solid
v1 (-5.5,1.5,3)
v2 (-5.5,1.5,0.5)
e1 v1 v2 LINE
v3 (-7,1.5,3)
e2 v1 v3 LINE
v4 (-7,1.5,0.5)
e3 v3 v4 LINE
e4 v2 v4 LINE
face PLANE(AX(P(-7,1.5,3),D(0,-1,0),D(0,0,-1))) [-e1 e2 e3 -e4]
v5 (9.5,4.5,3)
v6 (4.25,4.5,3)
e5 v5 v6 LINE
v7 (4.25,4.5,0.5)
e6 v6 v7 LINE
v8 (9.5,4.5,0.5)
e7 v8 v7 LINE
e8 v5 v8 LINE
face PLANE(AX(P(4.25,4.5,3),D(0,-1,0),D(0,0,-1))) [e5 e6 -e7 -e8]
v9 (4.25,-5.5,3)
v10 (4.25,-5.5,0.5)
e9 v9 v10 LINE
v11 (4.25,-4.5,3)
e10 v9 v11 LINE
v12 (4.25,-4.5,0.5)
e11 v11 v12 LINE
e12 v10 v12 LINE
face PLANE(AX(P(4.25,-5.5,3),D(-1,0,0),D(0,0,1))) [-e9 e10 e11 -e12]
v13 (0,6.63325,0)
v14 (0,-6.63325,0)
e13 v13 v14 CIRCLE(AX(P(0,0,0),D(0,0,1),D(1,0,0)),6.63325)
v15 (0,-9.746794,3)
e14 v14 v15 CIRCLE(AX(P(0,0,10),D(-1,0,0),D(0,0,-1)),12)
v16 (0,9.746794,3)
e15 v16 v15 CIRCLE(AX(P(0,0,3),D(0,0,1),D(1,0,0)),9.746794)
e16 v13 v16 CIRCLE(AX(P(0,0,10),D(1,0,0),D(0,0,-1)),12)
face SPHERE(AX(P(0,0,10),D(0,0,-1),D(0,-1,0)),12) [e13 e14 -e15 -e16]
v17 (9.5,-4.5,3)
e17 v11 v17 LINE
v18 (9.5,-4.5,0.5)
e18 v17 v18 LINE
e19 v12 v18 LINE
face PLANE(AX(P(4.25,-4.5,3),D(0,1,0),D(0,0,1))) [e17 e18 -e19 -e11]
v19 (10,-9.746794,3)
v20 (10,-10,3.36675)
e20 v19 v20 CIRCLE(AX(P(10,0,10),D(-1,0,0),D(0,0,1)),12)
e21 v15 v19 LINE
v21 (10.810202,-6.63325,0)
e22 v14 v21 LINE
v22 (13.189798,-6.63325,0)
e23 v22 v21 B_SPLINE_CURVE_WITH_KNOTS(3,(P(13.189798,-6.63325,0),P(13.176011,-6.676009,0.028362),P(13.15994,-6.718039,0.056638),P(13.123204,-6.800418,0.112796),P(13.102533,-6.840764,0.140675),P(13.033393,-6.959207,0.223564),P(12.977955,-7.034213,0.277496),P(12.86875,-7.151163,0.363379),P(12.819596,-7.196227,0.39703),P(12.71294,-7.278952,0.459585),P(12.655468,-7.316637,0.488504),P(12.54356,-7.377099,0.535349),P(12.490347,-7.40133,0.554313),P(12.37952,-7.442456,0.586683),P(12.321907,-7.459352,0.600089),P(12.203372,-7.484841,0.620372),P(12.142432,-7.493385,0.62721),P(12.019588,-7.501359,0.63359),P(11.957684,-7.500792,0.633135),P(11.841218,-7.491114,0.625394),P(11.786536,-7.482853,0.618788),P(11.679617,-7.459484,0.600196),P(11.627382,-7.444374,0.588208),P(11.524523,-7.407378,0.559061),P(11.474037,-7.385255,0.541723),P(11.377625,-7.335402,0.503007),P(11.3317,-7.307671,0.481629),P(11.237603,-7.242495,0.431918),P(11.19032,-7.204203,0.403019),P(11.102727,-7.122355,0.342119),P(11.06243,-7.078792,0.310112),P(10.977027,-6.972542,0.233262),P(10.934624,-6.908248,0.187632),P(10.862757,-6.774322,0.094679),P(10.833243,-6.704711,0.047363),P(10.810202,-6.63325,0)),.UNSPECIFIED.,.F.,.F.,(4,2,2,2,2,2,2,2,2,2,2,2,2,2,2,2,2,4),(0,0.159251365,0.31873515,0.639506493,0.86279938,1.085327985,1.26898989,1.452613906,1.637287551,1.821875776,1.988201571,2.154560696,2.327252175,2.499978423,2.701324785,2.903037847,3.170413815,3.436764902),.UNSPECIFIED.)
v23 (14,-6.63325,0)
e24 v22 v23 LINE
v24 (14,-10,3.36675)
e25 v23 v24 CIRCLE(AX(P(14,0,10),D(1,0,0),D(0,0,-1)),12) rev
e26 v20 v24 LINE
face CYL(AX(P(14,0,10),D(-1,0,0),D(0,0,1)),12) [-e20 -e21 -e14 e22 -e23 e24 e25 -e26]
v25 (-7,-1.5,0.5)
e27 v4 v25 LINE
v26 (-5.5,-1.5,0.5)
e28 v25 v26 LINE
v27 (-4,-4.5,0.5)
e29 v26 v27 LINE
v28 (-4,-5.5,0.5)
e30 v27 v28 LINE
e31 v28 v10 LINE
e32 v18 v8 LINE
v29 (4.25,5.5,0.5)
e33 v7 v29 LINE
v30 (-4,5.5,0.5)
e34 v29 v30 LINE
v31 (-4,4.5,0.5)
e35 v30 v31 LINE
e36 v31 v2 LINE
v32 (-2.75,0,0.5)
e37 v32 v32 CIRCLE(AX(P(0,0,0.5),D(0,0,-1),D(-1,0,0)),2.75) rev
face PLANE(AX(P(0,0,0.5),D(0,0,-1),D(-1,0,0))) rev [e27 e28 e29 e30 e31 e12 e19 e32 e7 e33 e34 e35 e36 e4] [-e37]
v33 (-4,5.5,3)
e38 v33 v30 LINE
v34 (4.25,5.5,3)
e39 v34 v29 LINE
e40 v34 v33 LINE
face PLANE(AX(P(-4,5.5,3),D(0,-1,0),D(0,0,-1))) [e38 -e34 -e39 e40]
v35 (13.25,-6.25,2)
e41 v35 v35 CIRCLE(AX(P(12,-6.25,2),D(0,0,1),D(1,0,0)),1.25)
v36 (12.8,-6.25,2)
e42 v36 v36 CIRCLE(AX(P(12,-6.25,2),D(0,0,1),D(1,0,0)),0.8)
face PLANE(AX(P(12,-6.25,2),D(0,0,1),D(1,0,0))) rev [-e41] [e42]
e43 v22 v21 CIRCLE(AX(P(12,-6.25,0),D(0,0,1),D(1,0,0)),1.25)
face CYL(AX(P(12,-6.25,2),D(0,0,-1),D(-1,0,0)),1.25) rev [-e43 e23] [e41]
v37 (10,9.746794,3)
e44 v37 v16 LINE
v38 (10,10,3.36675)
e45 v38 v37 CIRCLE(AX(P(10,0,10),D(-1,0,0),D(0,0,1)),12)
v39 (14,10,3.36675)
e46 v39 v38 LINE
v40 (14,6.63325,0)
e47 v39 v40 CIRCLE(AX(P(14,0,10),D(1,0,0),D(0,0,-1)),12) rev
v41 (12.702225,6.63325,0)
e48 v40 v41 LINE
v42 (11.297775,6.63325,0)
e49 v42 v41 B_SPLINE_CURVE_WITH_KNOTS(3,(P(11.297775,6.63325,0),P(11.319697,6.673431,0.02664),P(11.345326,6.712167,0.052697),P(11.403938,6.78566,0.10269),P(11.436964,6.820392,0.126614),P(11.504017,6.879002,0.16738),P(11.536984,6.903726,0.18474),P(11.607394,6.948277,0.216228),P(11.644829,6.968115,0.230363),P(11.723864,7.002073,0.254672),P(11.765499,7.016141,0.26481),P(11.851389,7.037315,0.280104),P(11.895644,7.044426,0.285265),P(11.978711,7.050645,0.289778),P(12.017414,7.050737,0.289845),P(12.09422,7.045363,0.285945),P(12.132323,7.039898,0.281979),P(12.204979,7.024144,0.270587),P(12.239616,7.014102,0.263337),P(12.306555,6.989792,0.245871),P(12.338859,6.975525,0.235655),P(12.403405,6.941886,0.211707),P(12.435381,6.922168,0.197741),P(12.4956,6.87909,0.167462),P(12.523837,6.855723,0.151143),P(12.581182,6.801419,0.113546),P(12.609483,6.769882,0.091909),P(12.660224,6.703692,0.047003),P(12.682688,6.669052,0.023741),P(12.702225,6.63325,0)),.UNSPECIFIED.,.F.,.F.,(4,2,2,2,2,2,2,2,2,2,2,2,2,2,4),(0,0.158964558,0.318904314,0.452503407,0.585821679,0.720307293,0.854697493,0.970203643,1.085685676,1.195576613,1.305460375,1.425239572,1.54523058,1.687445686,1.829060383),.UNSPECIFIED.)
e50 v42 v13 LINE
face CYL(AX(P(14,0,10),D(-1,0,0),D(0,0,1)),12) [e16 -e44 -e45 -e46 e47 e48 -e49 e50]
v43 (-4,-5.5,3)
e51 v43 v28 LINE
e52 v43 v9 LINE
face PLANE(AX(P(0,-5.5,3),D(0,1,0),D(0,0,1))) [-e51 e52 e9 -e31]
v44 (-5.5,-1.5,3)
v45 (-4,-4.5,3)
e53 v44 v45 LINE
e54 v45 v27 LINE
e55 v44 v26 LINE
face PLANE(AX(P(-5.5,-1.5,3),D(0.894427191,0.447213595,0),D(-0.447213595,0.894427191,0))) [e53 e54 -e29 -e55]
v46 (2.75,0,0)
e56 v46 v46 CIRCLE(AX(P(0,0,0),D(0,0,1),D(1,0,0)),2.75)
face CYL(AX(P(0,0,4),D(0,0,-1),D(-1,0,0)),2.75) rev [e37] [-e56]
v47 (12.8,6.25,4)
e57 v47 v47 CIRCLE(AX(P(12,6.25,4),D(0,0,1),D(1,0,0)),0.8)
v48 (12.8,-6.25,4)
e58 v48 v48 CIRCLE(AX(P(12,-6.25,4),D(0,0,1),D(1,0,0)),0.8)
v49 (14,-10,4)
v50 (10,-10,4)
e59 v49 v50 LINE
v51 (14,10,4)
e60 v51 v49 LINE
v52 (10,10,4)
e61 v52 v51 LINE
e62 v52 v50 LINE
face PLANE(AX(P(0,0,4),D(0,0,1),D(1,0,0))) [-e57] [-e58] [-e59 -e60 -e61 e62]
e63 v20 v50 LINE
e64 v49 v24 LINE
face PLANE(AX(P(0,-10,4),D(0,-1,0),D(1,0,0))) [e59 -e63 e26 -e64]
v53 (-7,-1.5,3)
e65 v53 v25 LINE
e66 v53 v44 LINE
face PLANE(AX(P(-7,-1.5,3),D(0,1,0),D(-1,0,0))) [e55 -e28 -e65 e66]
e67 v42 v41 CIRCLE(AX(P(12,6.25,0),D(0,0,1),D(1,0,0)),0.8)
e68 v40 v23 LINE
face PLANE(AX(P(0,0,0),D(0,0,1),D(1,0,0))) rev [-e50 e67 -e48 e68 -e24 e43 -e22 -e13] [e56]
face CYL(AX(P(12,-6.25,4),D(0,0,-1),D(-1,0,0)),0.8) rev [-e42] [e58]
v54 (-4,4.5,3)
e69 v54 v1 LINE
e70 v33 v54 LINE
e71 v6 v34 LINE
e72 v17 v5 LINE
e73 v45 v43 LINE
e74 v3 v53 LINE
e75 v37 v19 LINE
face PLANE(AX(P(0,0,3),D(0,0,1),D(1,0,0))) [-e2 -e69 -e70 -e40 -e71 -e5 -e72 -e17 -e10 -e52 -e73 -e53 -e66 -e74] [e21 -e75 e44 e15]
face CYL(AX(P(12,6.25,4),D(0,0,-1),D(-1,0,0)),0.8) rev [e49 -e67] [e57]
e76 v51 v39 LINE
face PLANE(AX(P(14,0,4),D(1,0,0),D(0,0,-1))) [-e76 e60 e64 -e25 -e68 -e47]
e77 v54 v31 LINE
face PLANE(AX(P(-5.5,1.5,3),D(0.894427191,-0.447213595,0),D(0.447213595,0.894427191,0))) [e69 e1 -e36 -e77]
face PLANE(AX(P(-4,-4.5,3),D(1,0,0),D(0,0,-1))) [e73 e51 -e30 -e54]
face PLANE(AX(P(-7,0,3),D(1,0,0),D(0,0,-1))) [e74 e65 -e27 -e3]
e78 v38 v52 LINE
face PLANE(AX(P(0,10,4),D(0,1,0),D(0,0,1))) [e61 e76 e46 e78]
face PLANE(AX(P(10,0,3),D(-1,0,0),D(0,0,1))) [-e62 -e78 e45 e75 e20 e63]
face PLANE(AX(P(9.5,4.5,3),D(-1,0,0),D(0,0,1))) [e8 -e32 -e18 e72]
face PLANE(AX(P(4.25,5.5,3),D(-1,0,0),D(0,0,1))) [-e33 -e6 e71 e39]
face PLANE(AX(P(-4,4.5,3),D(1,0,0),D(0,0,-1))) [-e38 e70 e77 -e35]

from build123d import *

# Parameters (mm, degrees)
SKETCH1_R           = 10
BOSS_EXTRUDE1_DEPTH = 4
BODY_START          = 5
SKETCH2_R           = 10
BODY_HOLE_DEPTH     = 2
SKETCH5_R           = 0.8
SCREW_HOLES_DEPTH   = 5
SKETCH6_R           = 1.25
SCREW_HEADS_DEPTH   = 2
POT_START           = 0.5
POT_INSERT_DEPTH    = 2.5
SKETCH4_R           = 2.75
POT_HOLE_DEPTH      = 5
CUT_REVOLVE6_ANGLE  = 180
CUT_EXTRUDE1_DEPTH  = 14.999999999


with BuildPart() as part:
    # Sketch1 → Boss-Extrude1 (new body)
    with BuildSketch(Plane.XY):
        Circle(SKETCH1_R)
        with BuildLine():
            Line((13.999999999, 10), (-1e-09, 10))
            ThreePointArc((-1e-09, 10), (7.071067811, 7.071067812), (9.999999999, 0))
            ThreePointArc((9.999999999, 0), (7.071067811, -7.071067812), (-1e-09, -10))
            Line((-1e-09, -10), (13.999999999, -10))
            Line((13.999999999, -10), (13.999999999, 10))
        make_face()
    extrude(amount=BOSS_EXTRUDE1_DEPTH)

    # Sketch2 → Body Hole (cut)
    with BuildSketch(Plane.XY.offset(BODY_START)):
        Circle(SKETCH2_R)
        with BuildLine():
            Line((9.999999999, 10), (-1e-09, 10))
            ThreePointArc((-1e-09, 10), (7.071067811, 7.071067812), (9.999999999, 0))
            Line((9.999999999, 0), (9.999999999, 10))
        make_face()
        with BuildLine():
            Line((9.999999999, -10), (9.999999999, 0))
            ThreePointArc((9.999999999, 0), (7.071067811, -7.071067812), (-1e-09, -10))
            Line((-1e-09, -10), (9.999999999, -10))
        make_face()
    extrude(amount=-BODY_HOLE_DEPTH, mode=Mode.SUBTRACT)

    # Sketch5 → Screw Holes (cut, through all)
    with BuildSketch(Plane.XY):
        with Locations((11.999999999, 6.25)):
            Circle(SKETCH5_R)
        with Locations((11.999999999, -6.25)):
            Circle(SKETCH5_R)
    extrude(amount=SCREW_HOLES_DEPTH, mode=Mode.SUBTRACT)

    # Sketch6 → Screw Heads (cut)
    with BuildSketch(Plane.XY):
        with Locations((11.999999999, -6.25)):
            Circle(SKETCH6_R)
    extrude(amount=SCREW_HEADS_DEPTH, mode=Mode.SUBTRACT)

    # Sketch3 → Pot Insert (cut)
    with BuildSketch(Plane(origin=(28.28760271, 0, 0), x_dir=(1, 0, 0), z_dir=(0, 0, 1)).offset(POT_START)):
        Polygon((-35.287602709, 0), (-35.287602709, -1.5), (-33.787602709, -1.5), (-32.287602709, -4.5), (-32.287602709, -5.5), (-28.287602709, -5.5), (-24.037602709, -5.5), (-24.037602709, -4.5), (-18.787602709, -4.5), (-18.787602709, 0), (-18.787602709, 4.5), (-24.037602709, 4.5), (-24.037602709, 5.5), (-28.287602709, 5.5), (-32.287602709, 5.5), (-32.287602709, 4.5), (-33.787602709, 1.5), (-35.287602709, 1.5), align=None)
    extrude(amount=POT_INSERT_DEPTH, mode=Mode.SUBTRACT)

    # Sketch4 → Pot Hole (cut, through all)
    with BuildSketch(Plane.XY):
        Circle(SKETCH4_R)
    extrude(amount=POT_HOLE_DEPTH, mode=Mode.SUBTRACT)

    # Sketch11 → Cut-Revolve6 (revolve, cut)
    with BuildSketch(Plane(origin=(0, 0, 0), x_dir=(0, 0, -1), z_dir=(1, 0, 0))):
        with BuildLine():
            Line((1.680646386, 2.75), (2, 2.75))
            Line((2, 2.75), (2, 12))
            Line((2, 12), (-10, 12))
            ThreePointArc((-10, 12), (-2.550167787, 9.407443861), (1.680646386, 2.75))
        make_face()
    revolve(axis=Axis((0, 0, 0), (0, 0, 1)), revolution_arc=CUT_REVOLVE6_ANGLE, mode=Mode.SUBTRACT)

    # Sketch13 → Cut-Extrude1 (cut, through all)
    with BuildSketch(Plane(origin=(0, 0, 0), x_dir=(0, 0, -1), z_dir=(1, 0, 0))):
        with BuildLine():
            Line((2, 12), (-10, 12))
            ThreePointArc((-10, 12), (-1.514718626, 8.485281374), (2, 0))
            Line((2, 0), (2, 12))
        make_face()
        with BuildLine():
            Line((2, 0), (2, -12))
            Line((2, -12), (-10, -12))
            ThreePointArc((-10, -12), (-1.514718626, -8.485281374), (2, 0))
        make_face()
    extrude(amount=CUT_EXTRUDE1_DEPTH, mode=Mode.SUBTRACT)


solid = part.part
